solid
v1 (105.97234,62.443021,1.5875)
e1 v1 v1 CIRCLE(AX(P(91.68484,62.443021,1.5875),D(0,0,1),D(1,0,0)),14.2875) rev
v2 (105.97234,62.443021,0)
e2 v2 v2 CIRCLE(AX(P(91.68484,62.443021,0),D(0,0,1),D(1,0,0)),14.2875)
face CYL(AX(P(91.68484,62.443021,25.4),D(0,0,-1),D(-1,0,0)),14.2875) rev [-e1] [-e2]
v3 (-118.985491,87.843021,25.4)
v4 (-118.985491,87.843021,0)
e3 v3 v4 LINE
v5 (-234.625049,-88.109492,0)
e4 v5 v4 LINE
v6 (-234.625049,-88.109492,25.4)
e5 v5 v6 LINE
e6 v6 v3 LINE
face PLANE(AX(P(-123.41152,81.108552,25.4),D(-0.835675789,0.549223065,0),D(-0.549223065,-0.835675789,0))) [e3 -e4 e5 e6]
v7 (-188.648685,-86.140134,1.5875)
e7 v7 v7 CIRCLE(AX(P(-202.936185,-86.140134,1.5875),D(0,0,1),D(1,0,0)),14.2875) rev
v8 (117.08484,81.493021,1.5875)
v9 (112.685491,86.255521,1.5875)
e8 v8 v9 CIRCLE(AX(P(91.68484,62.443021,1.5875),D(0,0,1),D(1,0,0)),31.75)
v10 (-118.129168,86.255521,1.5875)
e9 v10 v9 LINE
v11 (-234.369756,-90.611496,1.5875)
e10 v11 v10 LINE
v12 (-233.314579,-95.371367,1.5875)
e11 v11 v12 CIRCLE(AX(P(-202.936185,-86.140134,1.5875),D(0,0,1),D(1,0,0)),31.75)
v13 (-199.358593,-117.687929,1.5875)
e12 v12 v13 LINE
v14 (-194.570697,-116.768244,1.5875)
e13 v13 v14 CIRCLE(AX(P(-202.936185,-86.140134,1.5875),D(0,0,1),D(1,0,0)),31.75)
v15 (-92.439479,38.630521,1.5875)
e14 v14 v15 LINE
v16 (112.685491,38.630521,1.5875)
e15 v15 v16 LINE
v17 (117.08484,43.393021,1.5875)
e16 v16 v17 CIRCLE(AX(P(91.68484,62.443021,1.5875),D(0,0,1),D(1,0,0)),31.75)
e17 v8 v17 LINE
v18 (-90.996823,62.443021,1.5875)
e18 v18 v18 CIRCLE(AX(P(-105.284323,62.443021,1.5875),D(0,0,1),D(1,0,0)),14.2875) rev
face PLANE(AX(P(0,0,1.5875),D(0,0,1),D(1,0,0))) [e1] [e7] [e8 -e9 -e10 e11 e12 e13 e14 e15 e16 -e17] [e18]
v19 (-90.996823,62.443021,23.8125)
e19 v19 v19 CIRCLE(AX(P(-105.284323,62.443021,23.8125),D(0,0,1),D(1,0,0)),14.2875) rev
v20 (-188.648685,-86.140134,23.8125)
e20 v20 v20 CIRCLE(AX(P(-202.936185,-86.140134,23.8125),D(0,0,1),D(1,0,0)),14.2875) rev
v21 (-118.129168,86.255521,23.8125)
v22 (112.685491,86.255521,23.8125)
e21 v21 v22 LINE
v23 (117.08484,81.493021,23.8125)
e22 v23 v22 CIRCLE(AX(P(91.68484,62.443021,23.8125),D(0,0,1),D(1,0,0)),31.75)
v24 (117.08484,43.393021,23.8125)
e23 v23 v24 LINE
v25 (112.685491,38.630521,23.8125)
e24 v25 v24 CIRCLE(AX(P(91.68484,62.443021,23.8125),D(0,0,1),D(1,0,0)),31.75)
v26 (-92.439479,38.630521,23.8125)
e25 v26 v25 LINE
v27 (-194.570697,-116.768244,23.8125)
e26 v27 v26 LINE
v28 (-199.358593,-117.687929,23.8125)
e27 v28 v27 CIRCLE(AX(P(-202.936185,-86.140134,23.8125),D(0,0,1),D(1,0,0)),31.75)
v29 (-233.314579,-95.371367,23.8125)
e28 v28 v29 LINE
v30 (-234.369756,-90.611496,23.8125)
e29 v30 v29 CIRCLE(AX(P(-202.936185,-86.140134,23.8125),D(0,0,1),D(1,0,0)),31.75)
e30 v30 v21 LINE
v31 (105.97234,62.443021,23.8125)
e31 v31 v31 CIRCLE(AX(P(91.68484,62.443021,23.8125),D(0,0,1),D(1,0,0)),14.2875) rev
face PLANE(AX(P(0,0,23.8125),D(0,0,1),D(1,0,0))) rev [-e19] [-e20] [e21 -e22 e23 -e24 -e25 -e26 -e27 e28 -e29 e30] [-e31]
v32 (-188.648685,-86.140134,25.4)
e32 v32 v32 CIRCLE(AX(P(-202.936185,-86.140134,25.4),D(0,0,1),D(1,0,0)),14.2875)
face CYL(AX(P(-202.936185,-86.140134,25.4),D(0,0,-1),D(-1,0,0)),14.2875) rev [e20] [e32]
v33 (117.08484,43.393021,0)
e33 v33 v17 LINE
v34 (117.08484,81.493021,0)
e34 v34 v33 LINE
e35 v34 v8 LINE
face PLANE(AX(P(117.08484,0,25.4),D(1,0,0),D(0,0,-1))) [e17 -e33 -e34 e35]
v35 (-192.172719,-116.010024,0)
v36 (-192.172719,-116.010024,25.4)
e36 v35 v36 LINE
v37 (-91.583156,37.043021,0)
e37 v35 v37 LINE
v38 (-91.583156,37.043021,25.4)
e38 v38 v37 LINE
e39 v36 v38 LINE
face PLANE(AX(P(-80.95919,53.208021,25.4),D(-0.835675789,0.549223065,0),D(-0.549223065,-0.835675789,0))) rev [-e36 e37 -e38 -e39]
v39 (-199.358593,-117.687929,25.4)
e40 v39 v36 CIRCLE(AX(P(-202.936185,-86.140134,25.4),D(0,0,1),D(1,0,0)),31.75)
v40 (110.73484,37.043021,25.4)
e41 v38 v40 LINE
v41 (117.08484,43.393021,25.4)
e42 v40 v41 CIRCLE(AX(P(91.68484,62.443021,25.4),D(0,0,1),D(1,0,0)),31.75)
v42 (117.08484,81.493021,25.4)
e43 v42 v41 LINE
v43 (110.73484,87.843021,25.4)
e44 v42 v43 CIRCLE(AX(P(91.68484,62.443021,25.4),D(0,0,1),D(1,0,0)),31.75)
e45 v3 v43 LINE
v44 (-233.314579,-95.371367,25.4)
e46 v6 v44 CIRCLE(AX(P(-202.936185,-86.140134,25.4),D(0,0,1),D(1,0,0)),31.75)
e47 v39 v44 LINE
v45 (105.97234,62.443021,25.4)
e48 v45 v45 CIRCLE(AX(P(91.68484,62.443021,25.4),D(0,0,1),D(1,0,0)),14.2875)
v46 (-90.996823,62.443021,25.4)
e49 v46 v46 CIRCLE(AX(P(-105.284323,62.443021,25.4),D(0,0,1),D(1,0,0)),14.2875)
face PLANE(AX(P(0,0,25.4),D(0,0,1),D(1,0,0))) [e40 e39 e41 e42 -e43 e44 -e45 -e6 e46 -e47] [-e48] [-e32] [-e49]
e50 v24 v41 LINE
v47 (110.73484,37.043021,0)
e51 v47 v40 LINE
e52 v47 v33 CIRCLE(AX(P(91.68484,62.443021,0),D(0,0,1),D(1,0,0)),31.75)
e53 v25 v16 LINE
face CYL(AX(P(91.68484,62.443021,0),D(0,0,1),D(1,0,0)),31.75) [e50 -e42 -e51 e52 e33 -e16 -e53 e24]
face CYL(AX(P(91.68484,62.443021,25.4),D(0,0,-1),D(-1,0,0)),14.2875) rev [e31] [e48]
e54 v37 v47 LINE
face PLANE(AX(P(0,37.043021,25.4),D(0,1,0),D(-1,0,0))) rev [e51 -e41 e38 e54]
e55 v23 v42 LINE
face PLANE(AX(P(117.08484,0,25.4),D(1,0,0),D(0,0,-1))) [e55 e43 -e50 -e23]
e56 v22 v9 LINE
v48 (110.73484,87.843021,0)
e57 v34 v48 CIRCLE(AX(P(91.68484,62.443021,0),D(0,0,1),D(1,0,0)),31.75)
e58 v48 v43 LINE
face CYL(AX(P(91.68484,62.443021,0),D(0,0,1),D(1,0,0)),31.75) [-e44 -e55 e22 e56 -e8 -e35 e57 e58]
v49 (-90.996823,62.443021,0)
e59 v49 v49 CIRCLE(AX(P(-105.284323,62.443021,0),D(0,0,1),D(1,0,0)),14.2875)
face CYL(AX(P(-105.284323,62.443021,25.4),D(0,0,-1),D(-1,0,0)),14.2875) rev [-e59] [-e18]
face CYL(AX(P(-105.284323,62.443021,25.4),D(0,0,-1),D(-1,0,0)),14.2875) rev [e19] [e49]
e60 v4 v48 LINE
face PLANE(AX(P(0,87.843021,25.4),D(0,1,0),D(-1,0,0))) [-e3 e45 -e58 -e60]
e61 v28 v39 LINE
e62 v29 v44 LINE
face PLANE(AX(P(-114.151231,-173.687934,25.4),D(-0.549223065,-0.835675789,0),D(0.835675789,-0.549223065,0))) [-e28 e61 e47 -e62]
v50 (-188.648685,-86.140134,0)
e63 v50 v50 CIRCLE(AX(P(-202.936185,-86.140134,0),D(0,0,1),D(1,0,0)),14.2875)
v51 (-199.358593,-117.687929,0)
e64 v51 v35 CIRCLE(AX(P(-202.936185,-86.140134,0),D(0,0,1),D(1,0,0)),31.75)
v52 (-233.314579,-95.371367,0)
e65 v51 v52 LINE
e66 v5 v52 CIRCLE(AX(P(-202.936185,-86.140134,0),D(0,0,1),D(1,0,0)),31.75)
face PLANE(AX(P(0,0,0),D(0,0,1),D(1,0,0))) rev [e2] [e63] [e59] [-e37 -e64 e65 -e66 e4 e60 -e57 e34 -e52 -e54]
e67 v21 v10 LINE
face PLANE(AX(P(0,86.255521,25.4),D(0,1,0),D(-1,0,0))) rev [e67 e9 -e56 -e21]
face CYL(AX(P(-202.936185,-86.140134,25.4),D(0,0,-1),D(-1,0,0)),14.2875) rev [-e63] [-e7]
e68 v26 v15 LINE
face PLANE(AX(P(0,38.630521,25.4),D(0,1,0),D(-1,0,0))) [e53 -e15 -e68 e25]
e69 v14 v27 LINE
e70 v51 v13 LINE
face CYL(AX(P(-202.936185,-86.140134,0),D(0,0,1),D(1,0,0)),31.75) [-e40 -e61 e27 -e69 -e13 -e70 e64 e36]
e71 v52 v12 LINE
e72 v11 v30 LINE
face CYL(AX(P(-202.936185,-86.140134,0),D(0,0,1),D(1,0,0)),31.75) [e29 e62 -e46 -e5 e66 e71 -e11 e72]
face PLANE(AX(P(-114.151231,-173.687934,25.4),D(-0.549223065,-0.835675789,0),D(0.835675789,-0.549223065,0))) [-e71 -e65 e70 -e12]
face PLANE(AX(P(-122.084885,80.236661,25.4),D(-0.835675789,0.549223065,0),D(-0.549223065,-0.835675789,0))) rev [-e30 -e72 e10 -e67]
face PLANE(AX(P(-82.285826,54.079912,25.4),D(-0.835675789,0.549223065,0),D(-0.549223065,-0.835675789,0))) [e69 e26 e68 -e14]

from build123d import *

# Parameters (mm, degrees)
BOSS_EXTRUDE2_DEPTH = 25.4
SHELL1_T            = -1.5875
SKETCH4_W           = 47.625
SKETCH4_H           = 22.225
CUT_EXTRUDE1_DEPTH  = 25.4
SKETCH5_R           = 14.2875
CUT_EXTRUDE2_DEPTH  = 268.575466435
CUT_EXTRUDE4_DEPTH  = 25.4


with BuildPart() as part:
    # Sketch3 → Boss-Extrude2 (new body)
    with BuildSketch(Plane.XY):
        Polygon((117.084839529, 87.84302106), (-118.985491202, 87.84302106), (-237.562751028, -92.579381795), (-195.110420945, -120.479913519), (-91.583155779, 37.04302106), (117.084839529, 37.04302106), align=None)
    extrude(amount=BOSS_EXTRUDE2_DEPTH)

    # Shell1
    shell1_openings = [part.faces().sort_by_distance(p)[0] for p in [
        (117.084839529, 62.44302106, 12.7),
    ]]
    offset(amount=SHELL1_T, openings=shell1_openings, kind=Kind.INTERSECTION)

    # Sketch4 → Cut-Extrude1 (cut)
    with BuildSketch(Plane(origin=(-114.151230572, -173.687934254, 0), x_dir=(0.8356757890471017, -0.549223065430162, 0), z_dir=(-0.549223065430162, -0.8356757890471017, 0))):
        with Locations((-122.278707548, 12.7)):
            Rectangle(SKETCH4_W, SKETCH4_H)
    extrude(amount=-CUT_EXTRUDE1_DEPTH, mode=Mode.SUBTRACT)

    # Sketch5 → Cut-Extrude2 (cut, through all)
    with BuildSketch(Plane.XY):
        with Locations((-202.936184524, -86.140134233)):
            Circle(SKETCH5_R)
        with Locations((91.684839529, 62.44302106)):
            Circle(SKETCH5_R)
        with Locations((-105.28432349, 62.44302106)):
            Circle(SKETCH5_R)
    extrude(amount=CUT_EXTRUDE2_DEPTH, mode=Mode.SUBTRACT)

    # Sketch6 → Cut-Extrude4 (cut)
    with BuildSketch(Plane.XY.offset(25.4)):
        with BuildLine():
            Line((117.084839529, 81.49302106), (117.084839529, 87.84302106))
            Line((117.084839529, 87.84302106), (110.734839529, 87.84302106))
            ThreePointArc((110.734839529, 87.84302106), (114.135479832, 84.893661363), (117.084839529, 81.49302106))
        make_face()
        with BuildLine():
            Line((117.084839529, 37.04302106), (117.084839529, 43.39302106))
            ThreePointArc((117.084839529, 43.39302106), (114.135479832, 39.992380757), (110.734839529, 37.04302106))
            Line((110.734839529, 37.04302106), (117.084839529, 37.04302106))
        make_face()
        with BuildLine():
            ThreePointArc((-233.314578978, -95.371366566), (-234.181501959, -91.778630344), (-234.625048962, -88.109492152))
            Line((-234.625048962, -88.109492152), (-237.562751028, -92.579381795))
            Line((-237.562751028, -92.579381795), (-233.314578978, -95.371366566))
        make_face()
        with BuildLine():
            Line((-195.110420945, -120.479913519), (-192.172718878, -116.010023876))
            ThreePointArc((-192.172718878, -116.010023876), (-195.716744004, -117.058448847), (-199.358592995, -117.687928749))
            Line((-199.358592995, -117.687928749), (-195.110420945, -120.479913519))
        make_face()
    extrude(amount=-CUT_EXTRUDE4_DEPTH, mode=Mode.SUBTRACT)


solid = part.part
